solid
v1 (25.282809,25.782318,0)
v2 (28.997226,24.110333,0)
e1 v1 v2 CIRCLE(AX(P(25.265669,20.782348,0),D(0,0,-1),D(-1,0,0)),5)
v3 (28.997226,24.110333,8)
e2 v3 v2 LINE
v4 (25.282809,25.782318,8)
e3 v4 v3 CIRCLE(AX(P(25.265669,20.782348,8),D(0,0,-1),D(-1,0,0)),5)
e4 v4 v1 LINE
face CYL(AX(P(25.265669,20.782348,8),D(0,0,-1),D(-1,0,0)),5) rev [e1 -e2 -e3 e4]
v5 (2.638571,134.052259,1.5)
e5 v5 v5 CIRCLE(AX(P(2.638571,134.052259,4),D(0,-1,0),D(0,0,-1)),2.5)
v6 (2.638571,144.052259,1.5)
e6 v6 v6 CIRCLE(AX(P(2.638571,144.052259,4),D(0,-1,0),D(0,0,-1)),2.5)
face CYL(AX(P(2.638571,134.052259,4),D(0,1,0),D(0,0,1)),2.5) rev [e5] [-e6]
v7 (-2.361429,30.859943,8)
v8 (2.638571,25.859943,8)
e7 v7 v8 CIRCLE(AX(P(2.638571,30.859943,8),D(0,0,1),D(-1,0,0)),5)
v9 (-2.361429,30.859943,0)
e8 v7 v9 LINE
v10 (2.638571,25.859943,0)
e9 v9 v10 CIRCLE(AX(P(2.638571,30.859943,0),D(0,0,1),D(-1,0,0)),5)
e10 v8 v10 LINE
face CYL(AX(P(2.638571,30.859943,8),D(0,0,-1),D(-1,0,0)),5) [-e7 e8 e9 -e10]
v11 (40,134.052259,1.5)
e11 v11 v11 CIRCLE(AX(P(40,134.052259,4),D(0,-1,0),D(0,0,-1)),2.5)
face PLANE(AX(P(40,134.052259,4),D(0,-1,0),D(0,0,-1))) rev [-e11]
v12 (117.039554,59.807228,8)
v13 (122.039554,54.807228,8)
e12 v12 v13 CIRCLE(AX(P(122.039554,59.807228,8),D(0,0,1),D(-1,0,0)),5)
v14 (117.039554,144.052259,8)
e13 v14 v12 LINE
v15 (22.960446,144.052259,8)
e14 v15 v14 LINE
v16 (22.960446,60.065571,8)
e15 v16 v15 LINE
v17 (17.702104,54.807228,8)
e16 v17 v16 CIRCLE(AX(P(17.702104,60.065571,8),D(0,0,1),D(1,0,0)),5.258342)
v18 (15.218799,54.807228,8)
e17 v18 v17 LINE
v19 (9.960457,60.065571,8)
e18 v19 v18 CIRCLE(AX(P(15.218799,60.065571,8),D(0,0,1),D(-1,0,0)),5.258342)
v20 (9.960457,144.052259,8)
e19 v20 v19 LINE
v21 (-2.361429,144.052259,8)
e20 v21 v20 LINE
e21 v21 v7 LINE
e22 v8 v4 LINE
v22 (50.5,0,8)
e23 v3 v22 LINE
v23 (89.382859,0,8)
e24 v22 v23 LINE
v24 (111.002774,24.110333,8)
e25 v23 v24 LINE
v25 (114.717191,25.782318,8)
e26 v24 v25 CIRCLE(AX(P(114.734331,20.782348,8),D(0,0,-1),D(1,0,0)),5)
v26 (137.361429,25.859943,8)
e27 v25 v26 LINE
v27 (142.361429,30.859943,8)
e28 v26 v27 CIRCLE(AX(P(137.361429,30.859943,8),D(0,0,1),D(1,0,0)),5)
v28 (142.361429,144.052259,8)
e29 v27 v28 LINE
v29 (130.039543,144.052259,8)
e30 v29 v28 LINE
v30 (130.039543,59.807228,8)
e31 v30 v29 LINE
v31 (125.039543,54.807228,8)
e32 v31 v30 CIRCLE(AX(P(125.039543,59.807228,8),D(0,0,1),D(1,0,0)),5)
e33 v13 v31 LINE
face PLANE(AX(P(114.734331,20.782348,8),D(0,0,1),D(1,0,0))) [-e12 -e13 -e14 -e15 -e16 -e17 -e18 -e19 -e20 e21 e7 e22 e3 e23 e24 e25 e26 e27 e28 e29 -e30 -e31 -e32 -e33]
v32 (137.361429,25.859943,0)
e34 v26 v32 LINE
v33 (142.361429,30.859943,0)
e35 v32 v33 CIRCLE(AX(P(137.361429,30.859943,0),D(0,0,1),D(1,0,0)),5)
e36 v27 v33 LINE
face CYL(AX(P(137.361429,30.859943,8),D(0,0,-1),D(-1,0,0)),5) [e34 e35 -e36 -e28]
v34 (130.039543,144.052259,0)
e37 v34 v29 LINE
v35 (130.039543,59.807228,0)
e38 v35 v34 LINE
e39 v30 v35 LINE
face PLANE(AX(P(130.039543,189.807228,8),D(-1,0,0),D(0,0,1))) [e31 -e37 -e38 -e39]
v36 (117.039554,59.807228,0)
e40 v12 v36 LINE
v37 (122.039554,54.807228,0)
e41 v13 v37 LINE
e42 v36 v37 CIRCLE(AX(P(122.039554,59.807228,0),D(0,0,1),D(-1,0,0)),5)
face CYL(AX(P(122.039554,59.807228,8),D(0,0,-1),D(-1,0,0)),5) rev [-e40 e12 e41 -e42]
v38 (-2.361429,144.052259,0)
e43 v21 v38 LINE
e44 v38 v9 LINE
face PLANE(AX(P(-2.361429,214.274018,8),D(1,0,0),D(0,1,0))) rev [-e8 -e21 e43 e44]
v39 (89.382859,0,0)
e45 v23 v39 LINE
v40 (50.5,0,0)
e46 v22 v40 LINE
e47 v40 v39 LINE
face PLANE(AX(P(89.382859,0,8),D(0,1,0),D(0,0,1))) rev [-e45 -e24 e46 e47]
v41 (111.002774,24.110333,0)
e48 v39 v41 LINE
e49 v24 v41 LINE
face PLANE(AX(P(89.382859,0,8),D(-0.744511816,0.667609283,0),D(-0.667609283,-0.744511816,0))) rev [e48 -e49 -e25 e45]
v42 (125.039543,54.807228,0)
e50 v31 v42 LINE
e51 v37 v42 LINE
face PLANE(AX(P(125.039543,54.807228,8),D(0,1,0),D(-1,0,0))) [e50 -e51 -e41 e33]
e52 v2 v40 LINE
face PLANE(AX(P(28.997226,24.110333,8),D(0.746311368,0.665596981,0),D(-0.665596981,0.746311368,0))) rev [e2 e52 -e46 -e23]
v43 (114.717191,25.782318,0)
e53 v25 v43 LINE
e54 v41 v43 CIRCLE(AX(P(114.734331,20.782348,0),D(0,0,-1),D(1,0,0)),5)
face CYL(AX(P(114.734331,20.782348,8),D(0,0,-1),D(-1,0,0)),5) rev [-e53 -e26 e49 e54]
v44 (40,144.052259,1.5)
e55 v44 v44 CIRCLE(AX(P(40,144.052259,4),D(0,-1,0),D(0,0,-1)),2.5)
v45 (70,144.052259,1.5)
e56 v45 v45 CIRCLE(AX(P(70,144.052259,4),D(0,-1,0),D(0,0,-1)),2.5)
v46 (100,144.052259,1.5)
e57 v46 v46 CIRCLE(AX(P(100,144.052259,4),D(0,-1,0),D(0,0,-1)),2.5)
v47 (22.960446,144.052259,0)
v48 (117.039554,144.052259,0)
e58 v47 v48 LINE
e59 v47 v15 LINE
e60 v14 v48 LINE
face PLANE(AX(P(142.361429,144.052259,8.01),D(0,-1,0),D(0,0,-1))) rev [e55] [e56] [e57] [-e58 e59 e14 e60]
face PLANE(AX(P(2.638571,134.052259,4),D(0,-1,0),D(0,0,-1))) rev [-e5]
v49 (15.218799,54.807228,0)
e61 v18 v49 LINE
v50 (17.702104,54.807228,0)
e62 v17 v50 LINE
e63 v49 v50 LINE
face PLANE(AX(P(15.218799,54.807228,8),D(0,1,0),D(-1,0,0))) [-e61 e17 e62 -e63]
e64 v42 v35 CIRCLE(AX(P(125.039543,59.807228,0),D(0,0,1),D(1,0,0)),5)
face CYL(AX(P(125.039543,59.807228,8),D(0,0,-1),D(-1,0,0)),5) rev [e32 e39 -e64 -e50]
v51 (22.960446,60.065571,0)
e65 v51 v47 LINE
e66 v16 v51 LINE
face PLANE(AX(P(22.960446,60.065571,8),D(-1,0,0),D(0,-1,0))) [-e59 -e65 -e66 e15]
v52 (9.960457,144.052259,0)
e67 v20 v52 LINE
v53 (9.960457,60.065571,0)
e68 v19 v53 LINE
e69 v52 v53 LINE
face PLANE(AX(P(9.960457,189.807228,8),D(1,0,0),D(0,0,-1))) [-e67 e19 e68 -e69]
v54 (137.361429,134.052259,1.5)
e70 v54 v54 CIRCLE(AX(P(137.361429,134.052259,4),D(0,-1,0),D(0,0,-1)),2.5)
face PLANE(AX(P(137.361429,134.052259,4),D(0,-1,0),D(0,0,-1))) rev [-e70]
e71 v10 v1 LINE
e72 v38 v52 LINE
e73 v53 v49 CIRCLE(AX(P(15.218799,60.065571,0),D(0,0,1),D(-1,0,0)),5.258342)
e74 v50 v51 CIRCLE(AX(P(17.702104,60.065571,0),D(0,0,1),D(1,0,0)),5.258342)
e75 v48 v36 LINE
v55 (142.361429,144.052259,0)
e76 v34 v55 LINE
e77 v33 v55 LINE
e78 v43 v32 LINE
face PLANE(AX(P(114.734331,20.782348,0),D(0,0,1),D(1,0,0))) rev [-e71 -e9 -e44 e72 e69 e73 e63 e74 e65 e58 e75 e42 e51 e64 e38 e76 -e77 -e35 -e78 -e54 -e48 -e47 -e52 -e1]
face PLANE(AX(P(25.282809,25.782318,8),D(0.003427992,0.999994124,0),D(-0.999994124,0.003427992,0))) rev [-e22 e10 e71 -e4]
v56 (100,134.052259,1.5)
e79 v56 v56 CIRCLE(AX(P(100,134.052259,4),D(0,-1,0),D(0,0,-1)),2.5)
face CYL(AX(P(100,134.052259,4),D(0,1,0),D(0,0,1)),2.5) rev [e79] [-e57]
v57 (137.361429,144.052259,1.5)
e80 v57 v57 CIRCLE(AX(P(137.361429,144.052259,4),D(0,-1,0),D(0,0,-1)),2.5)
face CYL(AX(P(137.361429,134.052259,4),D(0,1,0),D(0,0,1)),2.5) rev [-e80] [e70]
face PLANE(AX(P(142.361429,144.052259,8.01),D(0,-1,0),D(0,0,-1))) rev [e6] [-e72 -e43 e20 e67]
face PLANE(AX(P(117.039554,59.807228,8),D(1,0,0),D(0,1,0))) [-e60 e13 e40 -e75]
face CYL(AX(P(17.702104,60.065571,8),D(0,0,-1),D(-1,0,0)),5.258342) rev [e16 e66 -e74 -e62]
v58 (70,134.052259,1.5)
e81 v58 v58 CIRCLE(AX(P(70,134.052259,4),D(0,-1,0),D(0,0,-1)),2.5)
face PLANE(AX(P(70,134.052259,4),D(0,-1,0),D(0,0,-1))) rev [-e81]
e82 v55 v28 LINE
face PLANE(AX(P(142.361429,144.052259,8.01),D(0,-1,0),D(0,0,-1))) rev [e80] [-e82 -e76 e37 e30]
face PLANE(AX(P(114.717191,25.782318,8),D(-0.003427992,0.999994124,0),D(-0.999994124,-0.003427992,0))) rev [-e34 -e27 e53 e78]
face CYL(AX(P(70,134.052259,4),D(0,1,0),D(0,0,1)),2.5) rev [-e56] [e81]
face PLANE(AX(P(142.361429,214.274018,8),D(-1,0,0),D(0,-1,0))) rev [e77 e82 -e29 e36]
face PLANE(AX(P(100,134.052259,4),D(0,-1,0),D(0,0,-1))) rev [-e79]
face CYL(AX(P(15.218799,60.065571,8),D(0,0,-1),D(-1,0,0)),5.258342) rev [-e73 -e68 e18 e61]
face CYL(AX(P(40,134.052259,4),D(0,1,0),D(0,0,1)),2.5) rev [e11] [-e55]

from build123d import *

# Parameters (mm, degrees)
BOSS_EXTRUDE1_DEPTH    = 8
SPLIT1_SURFACE_1_BACK  = 343.199
SPLIT1_SURFACE_1_DEPTH = 686.398
SPLIT1_SURFACE_2_BACK  = 343.199
SPLIT1_SURFACE_2_DEPTH = 686.398
SKETCH5_R              = 2.5
CUT_EXTRUDE6_DEPTH     = 10
SKETCH4_R              = 2.5
CUT_EXTRUDE7_DEPTH     = 10
SKETCH6_R              = 1.5
CUT_EXTRUDE8_DEPTH     = 342.206659287
SKETCH7_W              = 49
SKETCH7_H              = 49
SKETCH7_W_2            = 18
SKETCH7_H_2            = 18
BOSS_EXTRUDE2_DEPTH    = 15
SKETCH8_W              = 49
SKETCH8_H              = 49
SKETCH8_R              = 1.5
BOSS_EXTRUDE3_DEPTH    = 10
SKETCH9_W              = 49
SKETCH9_H              = 49
CUT_EXTRUDE9_DEPTH     = 8
SKETCH10_W             = 49
SKETCH10_H             = 49
SKETCH10_W_2           = 18
SKETCH10_H_2           = 18
BOSS_EXTRUDE4_DEPTH    = 8
SKETCH12_R             = 2.5
CUT_EXTRUDE10_DEPTH    = 343.027753759


with BuildPart() as part:
    # Sketch1 → Boss-Extrude1 (new body)
    with BuildSketch(Plane.XY):
        with BuildLine():
            Line((70, 309.985818768), (85.299227191, 309.985818768))
            ThreePointArc((85.299227191, 309.985818768), (88.489017574, 308.836174247), (90.211957942, 305.915913694))
            Line((90.211957942, 305.915913694), (96.672728921, 271.790334282))
            ThreePointArc((96.672728921, 271.790334282), (97.06575438, 270.906904614), (97.621470019, 270.115641625))
            Line((97.621470019, 270.115641625), (139.950460317, 220.786053348))
            ThreePointArc((139.950460317, 220.786053348), (141.739336996, 217.746026552), (142.361429131, 214.274017901))
            Line((142.361429131, 214.274017901), (142.361429131, 30.859943174))
            ThreePointArc((142.361429131, 30.859943174), (140.896963037, 27.324409268), (137.361429131, 25.859943174))
            Line((137.361429131, 25.859943174), (114.717190871, 25.782318449))
            ThreePointArc((114.717190871, 25.782318449), (112.681998989, 25.341726514), (111.002773989, 24.110332733))
            Line((111.002773989, 24.110332733), (89.38285929, 0))
            Line((89.38285929, 0), (50.5, 0))
            Line((50.5, 0), (28.997226011, 24.110332733))
            ThreePointArc((28.997226011, 24.110332733), (27.318001011, 25.341726514), (25.282809129, 25.782318449))
            Line((25.282809129, 25.782318449), (2.638570869, 25.859943174))
            ThreePointArc((2.638570869, 25.859943174), (-0.896963037, 27.324409268), (-2.361429131, 30.859943174))
            Line((-2.361429131, 30.859943174), (-2.361429131, 214.274017901))
            ThreePointArc((-2.361429131, 214.274017901), (-1.739336996, 217.746026552), (0.049539683, 220.786053348))
            Line((0.049539683, 220.786053348), (42.261389271, 270.115641625))
            ThreePointArc((42.261389271, 270.115641625), (42.81710491, 270.906904614), (43.210130369, 271.790334282))
            Line((43.210130369, 271.790334282), (49.724618218, 305.923183314))
            ThreePointArc((49.724618218, 305.923183314), (51.449026762, 308.838533573), (54.635967087, 309.985818768))
            Line((54.635967087, 309.985818768), (70, 309.985818768))
        make_face()
        with BuildLine():
            Line((15.218798766, 54.807228462), (17.702103505, 54.807228462))
            ThreePointArc((17.702103505, 54.807228462), (21.420312934, 56.347361236), (22.960445707, 60.065570665))
            Line((22.960445707, 60.065570665), (22.960445707, 189.807228462))
            ThreePointArc((22.960445707, 189.807228462), (21.495979613, 193.342762368), (17.960445707, 194.807228462))
            Line((17.960445707, 194.807228462), (14.960456564, 194.807228462))
            ThreePointArc((14.960456564, 194.807228462), (11.424922658, 193.342762368), (9.960456564, 189.807228462))
            Line((9.960456564, 189.807228462), (9.960456564, 60.065570665))
            ThreePointArc((9.960456564, 60.065570665), (11.500589337, 56.347361236), (15.218798766, 54.807228462))
        make_face(mode=Mode.SUBTRACT)
        with BuildLine():
            Line((125.039543436, 54.807228462), (122.039554293, 54.807228462))
            ThreePointArc((122.039554293, 54.807228462), (118.504020387, 56.271694556), (117.039554293, 59.807228462))
            Line((117.039554293, 59.807228462), (117.039554293, 189.807228462))
            ThreePointArc((117.039554293, 189.807228462), (118.504020387, 193.342762368), (122.039554293, 194.807228462))
            Line((122.039554293, 194.807228462), (125.039543436, 194.807228462))
            ThreePointArc((125.039543436, 194.807228462), (128.575077342, 193.342762368), (130.039543436, 189.807228462))
            Line((130.039543436, 189.807228462), (130.039543436, 59.807228462))
            ThreePointArc((130.039543436, 59.807228462), (128.575077342, 56.271694556), (125.039543436, 54.807228462))
        make_face(mode=Mode.SUBTRACT)
    extrude(amount=BOSS_EXTRUDE1_DEPTH)


with BuildPart() as body_2:
    # Split1: the piece behind the surface
    add(part.part)
    # Split1 surface: a surface, the sketch's curves swept straight by 686.398 mm
    with BuildLine(Plane(origin=(0, 0, 0), x_dir=(-1, 0, 0), z_dir=(0, 0, -1)).offset(-SPLIT1_SURFACE_1_BACK), mode=Mode.PRIVATE) as split1_surface_1_path:
        Line((-142.361429131, 144.05225917), (2.361429131, 144.05225917))
    split1_surface_1 = Shell.extrude(split1_surface_1_path.wire(), (0 * SPLIT1_SURFACE_1_DEPTH, 0 * SPLIT1_SURFACE_1_DEPTH, -1 * SPLIT1_SURFACE_1_DEPTH))
    split(bisect_by=split1_surface_1, keep=Keep.BOTTOM)

    # Sketch5 → Cut-Extrude6 (cut)
    with BuildSketch(Plane(origin=(0, 144.05225917, -115.359943174), x_dir=(1, 0, 0), z_dir=(0, -1, 0))):
        with Locations(Location((70, 119.359943174, 0), (0, 0, 270))):
            Circle(SKETCH5_R)
        with Locations(Location((100, 119.359943174, 0), (0, 0, 270))):
            Circle(SKETCH5_R)
        with Locations(Location((40, 119.359943174, 0), (0, 0, 270))):
            Circle(SKETCH5_R)
        with Locations(Location((2.638570869, 119.359943174, 0), (0, 0, 270))):
            Circle(SKETCH5_R)
        with Locations(Location((137.361429131, 119.359943174, 0), (0, 0, 270))):
            Circle(SKETCH5_R)
    extrude(amount=CUT_EXTRUDE6_DEPTH, mode=Mode.SUBTRACT)


with BuildPart() as part_1:
    add(part.part)

    # Split1: split by a surface, the side it looks to stays
    # Split1 surface: a surface, the sketch's curves swept straight by 686.398 mm
    with BuildLine(Plane(origin=(0, 0, 0), x_dir=(-1, 0, 0), z_dir=(0, 0, -1)).offset(-SPLIT1_SURFACE_2_BACK), mode=Mode.PRIVATE) as split1_surface_2_path:
        Line((-142.361429131, 144.05225917), (2.361429131, 144.05225917))
    split1_surface_2 = Shell.extrude(split1_surface_2_path.wire(), (0 * SPLIT1_SURFACE_2_DEPTH, 0 * SPLIT1_SURFACE_2_DEPTH, -1 * SPLIT1_SURFACE_2_DEPTH))
    split(bisect_by=split1_surface_2, keep=Keep.TOP)

    # Sketch4 → Cut-Extrude7 (cut)
    with BuildSketch(Plane(origin=(0, 144.05225917, 0), x_dir=(-1, 0, 0), z_dir=(0, -1, 0))):
        with Locations(Location((-70, -4, 0), (0, 0, 90))):
            Circle(SKETCH4_R)
        with Locations(Location((-40, -4, 0), (0, 0, 90))):
            Circle(SKETCH4_R)
        with Locations(Location((-100, -4, 0), (0, 0, 90))):
            Circle(SKETCH4_R)
        with Locations(Location((-137.361429131, -4, 0), (0, 0, 90))):
            Circle(SKETCH4_R)
        with Locations(Location((-3.799513716, -4, 0), (0, 0, 270))):
            Circle(SKETCH4_R)
    extrude(amount=-CUT_EXTRUDE7_DEPTH, mode=Mode.SUBTRACT)

    # Sketch6 → Cut-Extrude8 (cut, through all)
    with BuildSketch(Plane.XY.offset(8)):
        with Locations((50.000130369, 267.980334282)):
            Circle(SKETCH6_R)
        with Locations((90.000130369, 267.980334282)):
            Circle(SKETCH6_R)
        with Locations((90.000130369, 227.980334282)):
            Circle(SKETCH6_R)
        with Locations((50.000130369, 227.980334282)):
            Circle(SKETCH6_R)
    extrude(amount=-CUT_EXTRUDE8_DEPTH, mode=Mode.SUBTRACT)

    # Sketch7 → Boss-Extrude2 (add)
    with BuildSketch(Plane(origin=(0, 0, 0), x_dir=(-1, 0, 0), z_dir=(0, 0, -1))):
        with Locations((-70.000130369, 247.980334282)):
            Rectangle(SKETCH7_W, SKETCH7_H)
        with Locations((-56.000130369, 261.980334282)):
            Rectangle(SKETCH7_W_2, SKETCH7_H_2, mode=Mode.SUBTRACT)
        with Locations((-84.000130369, 261.980334282)):
            Rectangle(SKETCH7_W_2, SKETCH7_H_2, mode=Mode.SUBTRACT)
        with Locations((-84.000130369, 233.980334282)):
            Rectangle(SKETCH7_W_2, SKETCH7_H_2, mode=Mode.SUBTRACT)
        with Locations((-56.000130369, 233.980334282)):
            Rectangle(SKETCH7_W_2, SKETCH7_H_2, mode=Mode.SUBTRACT)
    extrude(amount=BOSS_EXTRUDE2_DEPTH)

    # Sketch8 → Boss-Extrude3 (add)
    with BuildSketch(Plane(origin=(0, 0, -15), x_dir=(-1, 0, 0), z_dir=(0, 0, -1))):
        with Locations((-70.000130369, 247.980334282)):
            Rectangle(SKETCH8_W, SKETCH8_H)
        with Locations(Location((-50.000130369, 267.980334282, 0), (0, 0, 180))):
            Circle(SKETCH8_R, mode=Mode.SUBTRACT)
        with Locations(Location((-90.000130369, 267.980334282, 0), (0, 0, 180))):
            Circle(SKETCH8_R, mode=Mode.SUBTRACT)
        with Locations(Location((-50.000130369, 227.980334282, 0), (0, 0, 180))):
            Circle(SKETCH8_R, mode=Mode.SUBTRACT)
        with Locations(Location((-90.000130369, 227.980334282, 0), (0, 0, 180))):
            Circle(SKETCH8_R, mode=Mode.SUBTRACT)
    extrude(amount=BOSS_EXTRUDE3_DEPTH)

    # Sketch9 → Cut-Extrude9 (cut)
    with BuildSketch(Plane.XY.offset(8)):
        with Locations((70.000130369, 247.980334282)):
            Rectangle(SKETCH9_W, SKETCH9_H)
    extrude(amount=-CUT_EXTRUDE9_DEPTH, mode=Mode.SUBTRACT)


with BuildPart() as cut_extrude9_piece_1:
    # of the separate pieces the step leaves, piece 1, a body of its own (cut_extrude9_pieces)
    add(part_1.part.solids().sort_by_distance((49.724618218, 305.923183314, 0))[0])



with BuildPart() as cut_extrude9_piece_2:
    # of the separate pieces the step leaves, piece 2, a body of its own (cut_extrude9_pieces)
    add(part_1.part.solids().sort_by_distance((45.500130369, 223.480334282, -25))[0])


with BuildPart() as cut_extrude9_piece_1_1:
    add(cut_extrude9_piece_1.part)

    add(cut_extrude9_piece_2.part)  # Boss-Extrude4 merges Cut-Extrude9 piece 2
    # Sketch10 → Boss-Extrude4 (add)
    with BuildSketch(Plane.XY):
        with Locations((70.000130369, 247.980334282)):
            Rectangle(SKETCH10_W, SKETCH10_H)
        with Locations((84.000130369, 261.980334282)):
            Rectangle(SKETCH10_W_2, SKETCH10_H_2, mode=Mode.SUBTRACT)
        with Locations((56.000130369, 261.980334282)):
            Rectangle(SKETCH10_W_2, SKETCH10_H_2, mode=Mode.SUBTRACT)
        with Locations((56.000130369, 233.980334282)):
            Rectangle(SKETCH10_W_2, SKETCH10_H_2, mode=Mode.SUBTRACT)
        with Locations((84.000130369, 233.980334282)):
            Rectangle(SKETCH10_W_2, SKETCH10_H_2, mode=Mode.SUBTRACT)
    extrude(amount=BOSS_EXTRUDE4_DEPTH)

    # Sketch12 → Cut-Extrude10 (cut, through all)
    with BuildSketch(Plane(origin=(0, 0, 0), x_dir=(-1, 0, 0), z_dir=(0, 0, -1))):
        with Locations((-102.960445707, 197.503395095)):
            Circle(SKETCH12_R)
        with Locations((-35.960445707, 197.503395095)):
            Circle(SKETCH12_R)
        with Locations((-35.960445707, 157.503395095)):
            Circle(SKETCH12_R)
        with Locations((-102.960445707, 157.503395095)):
            Circle(SKETCH12_R)
    extrude(amount=-CUT_EXTRUDE10_DEPTH, mode=Mode.SUBTRACT)


solid = body_2.part
